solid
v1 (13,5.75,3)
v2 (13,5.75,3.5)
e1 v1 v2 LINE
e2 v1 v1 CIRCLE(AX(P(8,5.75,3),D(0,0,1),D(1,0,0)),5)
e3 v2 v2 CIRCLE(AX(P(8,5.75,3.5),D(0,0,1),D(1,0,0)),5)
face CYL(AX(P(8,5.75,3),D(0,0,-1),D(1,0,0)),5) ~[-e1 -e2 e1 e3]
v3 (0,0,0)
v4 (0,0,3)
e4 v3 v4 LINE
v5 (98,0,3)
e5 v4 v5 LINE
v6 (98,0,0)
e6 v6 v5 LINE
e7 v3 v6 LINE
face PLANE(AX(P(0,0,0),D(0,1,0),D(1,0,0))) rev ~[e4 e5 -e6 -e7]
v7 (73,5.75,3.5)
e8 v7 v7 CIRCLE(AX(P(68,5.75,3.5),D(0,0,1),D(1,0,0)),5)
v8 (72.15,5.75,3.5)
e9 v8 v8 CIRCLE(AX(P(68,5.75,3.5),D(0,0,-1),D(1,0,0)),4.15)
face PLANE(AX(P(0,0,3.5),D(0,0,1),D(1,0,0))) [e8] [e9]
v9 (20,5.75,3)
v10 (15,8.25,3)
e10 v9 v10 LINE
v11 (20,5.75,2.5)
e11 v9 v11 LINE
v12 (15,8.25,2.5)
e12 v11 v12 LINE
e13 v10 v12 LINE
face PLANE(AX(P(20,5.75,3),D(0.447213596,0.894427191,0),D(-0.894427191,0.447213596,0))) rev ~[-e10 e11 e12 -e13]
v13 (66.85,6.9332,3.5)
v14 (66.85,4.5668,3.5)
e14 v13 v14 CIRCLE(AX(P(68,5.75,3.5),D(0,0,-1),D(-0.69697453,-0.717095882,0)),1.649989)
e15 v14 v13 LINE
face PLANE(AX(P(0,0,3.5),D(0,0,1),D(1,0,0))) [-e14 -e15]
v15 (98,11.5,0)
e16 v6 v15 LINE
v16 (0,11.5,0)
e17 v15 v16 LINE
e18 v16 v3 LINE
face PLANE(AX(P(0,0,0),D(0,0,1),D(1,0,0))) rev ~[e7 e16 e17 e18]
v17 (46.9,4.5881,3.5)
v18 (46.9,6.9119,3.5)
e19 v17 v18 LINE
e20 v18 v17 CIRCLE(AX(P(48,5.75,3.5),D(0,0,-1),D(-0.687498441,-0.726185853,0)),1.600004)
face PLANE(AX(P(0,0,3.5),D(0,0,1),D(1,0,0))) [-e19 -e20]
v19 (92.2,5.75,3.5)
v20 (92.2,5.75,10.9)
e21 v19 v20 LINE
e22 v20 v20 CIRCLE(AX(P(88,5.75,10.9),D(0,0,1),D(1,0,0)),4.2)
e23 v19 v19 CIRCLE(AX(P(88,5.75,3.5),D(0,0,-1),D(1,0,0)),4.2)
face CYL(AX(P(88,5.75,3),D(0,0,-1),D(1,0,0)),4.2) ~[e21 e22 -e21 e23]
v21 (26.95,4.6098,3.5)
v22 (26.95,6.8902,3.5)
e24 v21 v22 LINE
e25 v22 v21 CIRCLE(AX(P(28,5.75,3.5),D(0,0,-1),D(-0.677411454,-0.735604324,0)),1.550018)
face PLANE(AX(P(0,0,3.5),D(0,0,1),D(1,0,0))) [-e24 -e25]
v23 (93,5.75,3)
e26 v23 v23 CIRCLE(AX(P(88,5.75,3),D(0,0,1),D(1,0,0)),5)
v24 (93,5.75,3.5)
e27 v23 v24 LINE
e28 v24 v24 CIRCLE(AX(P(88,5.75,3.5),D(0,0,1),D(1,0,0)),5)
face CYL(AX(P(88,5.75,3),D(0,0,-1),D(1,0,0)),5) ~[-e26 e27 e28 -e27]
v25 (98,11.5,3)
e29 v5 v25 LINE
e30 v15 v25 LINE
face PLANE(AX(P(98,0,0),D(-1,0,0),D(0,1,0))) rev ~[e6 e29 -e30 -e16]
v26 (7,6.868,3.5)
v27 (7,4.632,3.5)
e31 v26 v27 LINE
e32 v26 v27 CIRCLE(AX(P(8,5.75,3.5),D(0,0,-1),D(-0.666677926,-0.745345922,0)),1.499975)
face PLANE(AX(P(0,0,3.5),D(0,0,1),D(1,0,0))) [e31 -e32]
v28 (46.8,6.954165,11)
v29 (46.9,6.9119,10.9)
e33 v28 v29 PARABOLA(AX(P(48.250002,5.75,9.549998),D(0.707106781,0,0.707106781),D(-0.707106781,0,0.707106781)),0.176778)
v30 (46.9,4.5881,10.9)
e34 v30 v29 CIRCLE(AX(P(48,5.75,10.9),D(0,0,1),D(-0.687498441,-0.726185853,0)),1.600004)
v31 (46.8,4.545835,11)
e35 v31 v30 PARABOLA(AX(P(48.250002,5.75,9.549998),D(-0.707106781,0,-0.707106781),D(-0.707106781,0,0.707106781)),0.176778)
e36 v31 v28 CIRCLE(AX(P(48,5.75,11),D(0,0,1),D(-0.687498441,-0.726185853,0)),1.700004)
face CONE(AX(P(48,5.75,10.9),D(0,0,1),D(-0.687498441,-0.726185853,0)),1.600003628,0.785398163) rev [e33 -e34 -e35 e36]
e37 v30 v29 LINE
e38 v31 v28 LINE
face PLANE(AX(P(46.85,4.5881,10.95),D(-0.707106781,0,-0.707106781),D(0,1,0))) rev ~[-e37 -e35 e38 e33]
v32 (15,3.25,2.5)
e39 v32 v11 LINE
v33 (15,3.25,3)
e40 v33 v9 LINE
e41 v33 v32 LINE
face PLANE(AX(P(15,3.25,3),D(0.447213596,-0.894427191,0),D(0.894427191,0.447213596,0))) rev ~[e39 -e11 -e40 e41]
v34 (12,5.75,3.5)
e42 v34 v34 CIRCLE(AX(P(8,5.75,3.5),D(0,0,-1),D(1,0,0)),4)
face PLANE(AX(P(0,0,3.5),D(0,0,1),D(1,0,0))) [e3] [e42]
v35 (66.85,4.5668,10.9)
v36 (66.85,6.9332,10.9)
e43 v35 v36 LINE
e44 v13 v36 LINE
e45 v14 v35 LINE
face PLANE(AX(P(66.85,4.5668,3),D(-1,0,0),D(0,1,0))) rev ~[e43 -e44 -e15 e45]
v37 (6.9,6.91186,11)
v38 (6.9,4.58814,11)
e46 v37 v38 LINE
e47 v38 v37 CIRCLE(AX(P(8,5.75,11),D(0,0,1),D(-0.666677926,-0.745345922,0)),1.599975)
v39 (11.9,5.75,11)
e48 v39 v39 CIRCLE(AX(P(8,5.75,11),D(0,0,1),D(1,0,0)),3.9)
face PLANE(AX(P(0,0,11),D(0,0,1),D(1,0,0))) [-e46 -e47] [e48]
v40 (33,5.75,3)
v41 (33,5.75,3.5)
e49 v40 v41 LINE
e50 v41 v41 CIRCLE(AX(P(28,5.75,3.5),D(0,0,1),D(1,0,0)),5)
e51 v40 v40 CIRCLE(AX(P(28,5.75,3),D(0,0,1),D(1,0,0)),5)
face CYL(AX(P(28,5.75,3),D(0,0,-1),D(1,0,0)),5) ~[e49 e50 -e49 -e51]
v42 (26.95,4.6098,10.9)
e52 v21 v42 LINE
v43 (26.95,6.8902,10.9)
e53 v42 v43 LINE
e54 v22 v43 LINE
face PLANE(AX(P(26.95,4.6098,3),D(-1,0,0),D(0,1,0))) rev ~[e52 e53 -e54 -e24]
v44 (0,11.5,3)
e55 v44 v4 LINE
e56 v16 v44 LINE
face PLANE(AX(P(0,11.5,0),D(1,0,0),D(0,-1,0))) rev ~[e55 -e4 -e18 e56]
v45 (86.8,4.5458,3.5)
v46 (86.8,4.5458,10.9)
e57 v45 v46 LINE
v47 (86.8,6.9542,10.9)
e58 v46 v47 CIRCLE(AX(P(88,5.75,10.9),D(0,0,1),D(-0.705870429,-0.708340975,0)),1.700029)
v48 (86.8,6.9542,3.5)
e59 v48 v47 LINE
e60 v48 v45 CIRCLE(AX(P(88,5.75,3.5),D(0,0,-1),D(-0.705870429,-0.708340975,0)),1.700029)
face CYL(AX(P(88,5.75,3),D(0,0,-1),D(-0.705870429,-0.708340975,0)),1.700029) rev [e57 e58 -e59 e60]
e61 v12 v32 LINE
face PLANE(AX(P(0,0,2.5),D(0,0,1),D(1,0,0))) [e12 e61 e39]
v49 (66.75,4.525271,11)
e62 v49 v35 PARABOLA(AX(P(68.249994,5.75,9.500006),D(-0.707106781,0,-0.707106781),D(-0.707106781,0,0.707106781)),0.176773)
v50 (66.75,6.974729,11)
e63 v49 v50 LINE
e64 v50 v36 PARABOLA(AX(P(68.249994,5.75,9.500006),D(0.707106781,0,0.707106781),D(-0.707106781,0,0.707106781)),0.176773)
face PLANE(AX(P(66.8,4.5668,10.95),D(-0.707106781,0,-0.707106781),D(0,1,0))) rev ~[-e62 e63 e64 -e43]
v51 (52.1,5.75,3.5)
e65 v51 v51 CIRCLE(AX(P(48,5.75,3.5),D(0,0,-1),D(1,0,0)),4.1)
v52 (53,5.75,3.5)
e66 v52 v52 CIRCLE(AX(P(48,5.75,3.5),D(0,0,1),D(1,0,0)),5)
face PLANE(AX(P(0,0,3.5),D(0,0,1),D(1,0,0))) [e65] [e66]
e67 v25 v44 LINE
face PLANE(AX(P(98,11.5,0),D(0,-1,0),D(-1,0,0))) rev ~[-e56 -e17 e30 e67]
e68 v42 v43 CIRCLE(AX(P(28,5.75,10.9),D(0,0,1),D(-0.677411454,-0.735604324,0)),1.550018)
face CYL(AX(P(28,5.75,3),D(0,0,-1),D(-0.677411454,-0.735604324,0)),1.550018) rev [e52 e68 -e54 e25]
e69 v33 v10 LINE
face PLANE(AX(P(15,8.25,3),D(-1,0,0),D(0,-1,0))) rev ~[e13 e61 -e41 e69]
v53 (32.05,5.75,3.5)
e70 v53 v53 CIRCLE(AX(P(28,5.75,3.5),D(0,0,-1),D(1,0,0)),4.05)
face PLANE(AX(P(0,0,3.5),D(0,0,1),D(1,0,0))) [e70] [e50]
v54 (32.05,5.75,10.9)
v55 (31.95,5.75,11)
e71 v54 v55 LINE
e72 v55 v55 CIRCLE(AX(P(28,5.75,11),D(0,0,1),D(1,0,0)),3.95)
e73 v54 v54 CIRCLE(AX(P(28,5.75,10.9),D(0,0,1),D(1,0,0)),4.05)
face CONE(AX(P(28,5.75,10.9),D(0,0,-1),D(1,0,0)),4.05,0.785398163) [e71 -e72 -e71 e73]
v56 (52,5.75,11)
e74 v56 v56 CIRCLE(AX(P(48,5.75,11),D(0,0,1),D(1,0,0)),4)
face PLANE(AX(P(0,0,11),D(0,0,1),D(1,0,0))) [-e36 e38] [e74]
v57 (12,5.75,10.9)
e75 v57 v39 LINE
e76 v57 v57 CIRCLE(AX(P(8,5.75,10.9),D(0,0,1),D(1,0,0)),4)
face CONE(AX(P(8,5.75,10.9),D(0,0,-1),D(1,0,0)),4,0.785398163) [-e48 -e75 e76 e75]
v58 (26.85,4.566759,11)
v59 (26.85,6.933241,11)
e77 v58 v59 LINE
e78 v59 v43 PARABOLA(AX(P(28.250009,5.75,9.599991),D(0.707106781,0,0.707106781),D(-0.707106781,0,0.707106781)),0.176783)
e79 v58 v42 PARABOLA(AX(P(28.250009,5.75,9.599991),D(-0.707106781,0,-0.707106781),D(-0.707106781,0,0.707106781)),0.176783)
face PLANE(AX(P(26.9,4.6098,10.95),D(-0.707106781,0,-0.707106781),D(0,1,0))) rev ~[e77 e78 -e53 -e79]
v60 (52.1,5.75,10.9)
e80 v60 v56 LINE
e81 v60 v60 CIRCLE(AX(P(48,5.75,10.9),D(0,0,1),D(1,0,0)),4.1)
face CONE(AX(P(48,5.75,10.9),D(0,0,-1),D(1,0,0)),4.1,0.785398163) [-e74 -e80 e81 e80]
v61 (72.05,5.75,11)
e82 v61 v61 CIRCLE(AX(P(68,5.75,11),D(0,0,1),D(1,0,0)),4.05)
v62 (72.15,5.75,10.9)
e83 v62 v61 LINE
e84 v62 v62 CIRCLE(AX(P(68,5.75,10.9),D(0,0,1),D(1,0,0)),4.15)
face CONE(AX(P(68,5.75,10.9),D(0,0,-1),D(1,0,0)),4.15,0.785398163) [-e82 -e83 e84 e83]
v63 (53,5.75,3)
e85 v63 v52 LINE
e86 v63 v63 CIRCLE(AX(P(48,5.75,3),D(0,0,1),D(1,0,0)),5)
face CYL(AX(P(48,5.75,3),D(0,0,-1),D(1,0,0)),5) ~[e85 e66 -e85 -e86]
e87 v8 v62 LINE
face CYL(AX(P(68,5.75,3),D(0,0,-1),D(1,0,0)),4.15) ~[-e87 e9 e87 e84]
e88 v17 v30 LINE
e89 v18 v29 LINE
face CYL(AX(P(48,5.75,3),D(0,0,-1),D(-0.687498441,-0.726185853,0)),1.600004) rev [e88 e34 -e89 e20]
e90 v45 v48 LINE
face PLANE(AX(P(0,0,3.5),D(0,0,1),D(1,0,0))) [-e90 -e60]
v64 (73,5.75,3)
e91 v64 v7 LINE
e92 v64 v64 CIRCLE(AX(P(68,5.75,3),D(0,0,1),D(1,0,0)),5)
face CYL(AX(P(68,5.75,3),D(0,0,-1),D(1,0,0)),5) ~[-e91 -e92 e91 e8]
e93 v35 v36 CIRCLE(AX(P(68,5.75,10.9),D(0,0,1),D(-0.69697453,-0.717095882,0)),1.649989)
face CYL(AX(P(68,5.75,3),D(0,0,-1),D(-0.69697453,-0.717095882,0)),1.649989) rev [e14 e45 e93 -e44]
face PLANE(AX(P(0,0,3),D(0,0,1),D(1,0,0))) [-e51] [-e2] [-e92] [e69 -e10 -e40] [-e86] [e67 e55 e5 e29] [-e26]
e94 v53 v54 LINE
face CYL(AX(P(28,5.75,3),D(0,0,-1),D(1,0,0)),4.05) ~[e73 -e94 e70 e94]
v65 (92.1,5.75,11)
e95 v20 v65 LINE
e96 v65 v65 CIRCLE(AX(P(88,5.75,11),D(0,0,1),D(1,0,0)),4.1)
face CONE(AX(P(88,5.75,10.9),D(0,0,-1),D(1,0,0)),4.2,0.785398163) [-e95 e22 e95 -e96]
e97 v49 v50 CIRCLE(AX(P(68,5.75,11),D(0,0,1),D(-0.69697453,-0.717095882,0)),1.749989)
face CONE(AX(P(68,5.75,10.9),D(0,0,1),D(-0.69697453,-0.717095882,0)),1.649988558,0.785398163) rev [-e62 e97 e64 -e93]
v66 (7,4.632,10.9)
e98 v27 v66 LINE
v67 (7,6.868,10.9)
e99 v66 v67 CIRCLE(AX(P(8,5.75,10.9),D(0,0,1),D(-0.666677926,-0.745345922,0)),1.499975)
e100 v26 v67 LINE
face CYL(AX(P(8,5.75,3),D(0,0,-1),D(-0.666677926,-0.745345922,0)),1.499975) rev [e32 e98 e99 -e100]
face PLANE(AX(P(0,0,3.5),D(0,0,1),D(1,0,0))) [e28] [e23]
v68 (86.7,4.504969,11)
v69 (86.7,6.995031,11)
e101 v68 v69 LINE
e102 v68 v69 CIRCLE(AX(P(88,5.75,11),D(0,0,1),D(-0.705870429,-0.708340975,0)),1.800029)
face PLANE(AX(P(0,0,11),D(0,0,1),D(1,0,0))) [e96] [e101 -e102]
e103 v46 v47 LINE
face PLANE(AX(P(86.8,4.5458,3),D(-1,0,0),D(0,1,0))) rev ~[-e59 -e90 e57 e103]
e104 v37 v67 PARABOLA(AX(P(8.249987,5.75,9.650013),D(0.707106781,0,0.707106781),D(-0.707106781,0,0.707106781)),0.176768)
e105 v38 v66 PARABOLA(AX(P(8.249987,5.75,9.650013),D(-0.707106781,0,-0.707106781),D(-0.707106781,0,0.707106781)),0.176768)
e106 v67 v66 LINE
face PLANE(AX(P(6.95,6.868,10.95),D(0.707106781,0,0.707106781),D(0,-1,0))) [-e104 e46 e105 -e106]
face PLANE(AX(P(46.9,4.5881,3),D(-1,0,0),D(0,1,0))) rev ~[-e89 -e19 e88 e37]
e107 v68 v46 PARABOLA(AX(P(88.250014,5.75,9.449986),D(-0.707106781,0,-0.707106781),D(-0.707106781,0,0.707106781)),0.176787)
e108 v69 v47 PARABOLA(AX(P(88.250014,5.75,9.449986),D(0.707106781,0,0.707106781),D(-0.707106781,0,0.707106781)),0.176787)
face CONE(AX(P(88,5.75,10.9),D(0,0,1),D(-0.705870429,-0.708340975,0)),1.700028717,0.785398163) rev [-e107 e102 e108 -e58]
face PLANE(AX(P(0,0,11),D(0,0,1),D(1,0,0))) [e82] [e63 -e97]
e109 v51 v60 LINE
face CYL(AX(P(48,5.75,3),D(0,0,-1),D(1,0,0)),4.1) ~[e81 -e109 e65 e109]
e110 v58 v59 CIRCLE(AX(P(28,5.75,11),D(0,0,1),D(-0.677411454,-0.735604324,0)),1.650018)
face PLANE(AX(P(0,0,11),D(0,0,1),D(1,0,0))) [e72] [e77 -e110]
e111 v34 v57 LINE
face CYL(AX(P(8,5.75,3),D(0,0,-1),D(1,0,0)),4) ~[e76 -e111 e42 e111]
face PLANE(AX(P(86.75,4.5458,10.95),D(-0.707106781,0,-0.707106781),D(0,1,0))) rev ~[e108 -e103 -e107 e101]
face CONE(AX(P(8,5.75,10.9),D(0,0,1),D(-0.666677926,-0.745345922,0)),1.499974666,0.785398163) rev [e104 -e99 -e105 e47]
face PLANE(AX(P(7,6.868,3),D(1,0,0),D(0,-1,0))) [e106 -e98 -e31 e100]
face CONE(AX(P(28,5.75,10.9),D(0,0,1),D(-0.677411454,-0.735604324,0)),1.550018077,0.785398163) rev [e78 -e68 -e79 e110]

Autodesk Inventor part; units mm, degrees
ref_plane "YZ Plane" through (0, 0, 0) normal (1, 0, 0) x (0, 1, 0)
ref_plane "XZ Plane" through (0, 0, 0) normal (0, 1, 0) x (-1, 0, 0)
sketch "Sketch1" plane through (0, 0, 0) normal (0, 0, 1) x (1, 0, 0)
  line L0 (0, 0) -> (98, 0)
  line L1 (98, 0) -> (98, 11.5)
  line L2 (98, 11.5) -> (0, 11.5)
  line L3 (0, 11.5) -> (0, 0)
  circle A0 centre (8, 5.75) radius 4
  arc A1 (7, 4.632) -> (7, 6.868) centre (8, 5.75) ccw
  line L4 (7, 6.868) -> (7, 4.632)
  circle A2 centre (28, 5.75) radius 4
  arc A3 (27, 4.632) -> (27, 6.868) centre (28, 5.75) ccw
  line L5 (27, 6.868) -> (27, 4.632)
  circle A4 centre (48, 5.75) radius 4
  arc A5 (47, 4.632) -> (47, 6.868) centre (48, 5.75) ccw
  line L6 (47, 6.868) -> (47, 4.632)
  circle A6 centre (68, 5.75) radius 4
  arc A7 (67, 4.632) -> (67, 6.868) centre (68, 5.75) ccw
  line L7 (67, 6.868) -> (67, 4.632)
  circle A8 centre (88, 5.75) radius 4
  arc A9 (87, 4.632) -> (87, 6.868) centre (88, 5.75) ccw
  line L8 (87, 6.868) -> (87, 4.632)
  point P0 (0, 5.75)
  dimension "d0" = 11.5
  dimension "d1" = 8
  dimension "d2" = 8
  dimension "d3" = 1.5
  dimension "d4" = 1
  dimension "d7" = 20
  dimension "d12" = 98
extrude "Extrusion1" add sketch "Sketch1" along normal blind 3 contours L3 L2 L1 L0 | A0 | L4 A1 | A2 | L5 A3 | A4 | L6 A5 | A6 | L7 A7 | A8 | L8 A9
sketch "Sketch2" plane through (0, 0, 3) normal (0, 0, 1) x (1, 0, 0)
  circle A0 centre (8, 5.75) radius 4 projected
  arc A1 (7, 4.632) -> (7, 6.868) centre (8, 5.75) ccw projected
  line L0 (7, 6.868) -> (7, 4.632) projected
  circle A2 centre (28, 5.75) radius 4 construction
  arc A3 (27, 4.632) -> (27, 6.868) centre (28, 5.75) ccw construction
  line L1 (27, 6.868) -> (27, 4.632) construction
  line L2 (47, 6.868) -> (47, 4.632) construction
  arc A4 (47, 4.632) -> (47, 6.868) centre (48, 5.75) ccw construction
  circle A5 centre (48, 5.75) radius 4 construction
  circle A6 centre (68, 5.75) radius 4 construction
  arc A7 (67, 4.632) -> (67, 6.868) centre (68, 5.75) ccw construction
  line L3 (67, 6.868) -> (67, 4.632) construction
  line L4 (87, 6.868) -> (87, 4.632) construction
  arc A8 (87, 4.632) -> (87, 6.868) centre (88, 5.75) ccw construction
  circle A9 centre (88, 5.75) radius 4 construction
  circle A10 centre (28, 5.75) radius 4.05
  arc A11 (26.95, 4.6098) -> (26.95, 6.8902) centre (28, 5.75) ccw
  line L5 (26.95, 4.6098) -> (26.95, 6.8902)
  circle A12 centre (48, 5.75) radius 4.1
  line L6 (46.9, 4.5881) -> (46.9, 6.9119)
  arc A13 (46.9, 4.5881) -> (46.9, 6.9119) centre (48, 5.75) ccw
  circle A14 centre (68, 5.75) radius 4.15
  arc A15 (66.85, 4.5668) -> (66.85, 6.9332) centre (68, 5.75) ccw
  line L7 (66.85, 4.5668) -> (66.85, 6.9332)
  line L8 (86.8, 4.5458) -> (86.8, 6.9542)
  arc A16 (86.8, 4.5458) -> (86.8, 6.9542) centre (88, 5.75) ccw
  circle A17 centre (88, 5.75) radius 4.2
  point P0 (0, 0)
  dimension "d15" = 0.05
  dimension "d17" = 0.05
  dimension "d18" = 0.1
  dimension "d19" = 0.1
  dimension "d20" = 0.15
  dimension "d21" = 0.15
  dimension "d22" = 0.2
  dimension "d23" = 0.2
extrude "Extrusion2" add sketch "Sketch2" along normal blind 8
sketch "Sketch3" plane through (0, 0, 3) normal (0, 0, 1) x (1, 0, 0)
  circle A0 centre (8, 5.75) radius 4 projected
  circle A1 centre (8, 5.75) radius 5
  line L0 (0, 0) -> (98, 0) projected
  circle A2 centre (28, 5.75) radius 5
  circle A3 centre (48, 5.75) radius 5
  circle A4 centre (68, 5.75) radius 5
  circle A5 centre (88, 5.75) radius 5
  dimension "d26" = 1
  dimension "d29" = 20
extrude "Extrusion3" add sketch "Sketch3" along normal blind 0.5 contours A0 | A1 | A2 | A3 | A4 | A5
chamfer "Chamfer1" distance 0.1 angle 45 15 edges at (4, 5.75, 11) (9.5, 5.75, 11) (7, 5.75, 11) (23.95, 5.75, 11) (29.55, 5.75, 11) (26.95, 5.75, 11) (43.9, 5.75, 11) (49.6, 5.75, 11) (46.9, 5.75, 11) (69.65, 5.75, 11) (66.85, 5.75, 11) (63.85, 5.75, 11) (83.8, 5.75, 11) (89.7, 5.75, 11) (86.8, 5.75, 11)
sketch "Sketch4" plane through (0, 0, 3) normal (0, 0, 1) x (1, 0, 0)
  line L0 (15, 8.25) -> (15, 3.25)
  line L1 (15, 3.25) -> (20, 5.75)
  line L2 (20, 5.75) -> (15, 8.25)
  line L3 (0, 11.5) -> (0, 0) projected
  line L4 (0, 5.75) -> (37.8806, 5.75)
  dimension "d39" = 15
  dimension "d40" = 5
  dimension "d41" = 5
extrude "Extrusion4" cut sketch "Sketch4" against normal blind 0.5
properties part number "insert_testing_3Dprint"
